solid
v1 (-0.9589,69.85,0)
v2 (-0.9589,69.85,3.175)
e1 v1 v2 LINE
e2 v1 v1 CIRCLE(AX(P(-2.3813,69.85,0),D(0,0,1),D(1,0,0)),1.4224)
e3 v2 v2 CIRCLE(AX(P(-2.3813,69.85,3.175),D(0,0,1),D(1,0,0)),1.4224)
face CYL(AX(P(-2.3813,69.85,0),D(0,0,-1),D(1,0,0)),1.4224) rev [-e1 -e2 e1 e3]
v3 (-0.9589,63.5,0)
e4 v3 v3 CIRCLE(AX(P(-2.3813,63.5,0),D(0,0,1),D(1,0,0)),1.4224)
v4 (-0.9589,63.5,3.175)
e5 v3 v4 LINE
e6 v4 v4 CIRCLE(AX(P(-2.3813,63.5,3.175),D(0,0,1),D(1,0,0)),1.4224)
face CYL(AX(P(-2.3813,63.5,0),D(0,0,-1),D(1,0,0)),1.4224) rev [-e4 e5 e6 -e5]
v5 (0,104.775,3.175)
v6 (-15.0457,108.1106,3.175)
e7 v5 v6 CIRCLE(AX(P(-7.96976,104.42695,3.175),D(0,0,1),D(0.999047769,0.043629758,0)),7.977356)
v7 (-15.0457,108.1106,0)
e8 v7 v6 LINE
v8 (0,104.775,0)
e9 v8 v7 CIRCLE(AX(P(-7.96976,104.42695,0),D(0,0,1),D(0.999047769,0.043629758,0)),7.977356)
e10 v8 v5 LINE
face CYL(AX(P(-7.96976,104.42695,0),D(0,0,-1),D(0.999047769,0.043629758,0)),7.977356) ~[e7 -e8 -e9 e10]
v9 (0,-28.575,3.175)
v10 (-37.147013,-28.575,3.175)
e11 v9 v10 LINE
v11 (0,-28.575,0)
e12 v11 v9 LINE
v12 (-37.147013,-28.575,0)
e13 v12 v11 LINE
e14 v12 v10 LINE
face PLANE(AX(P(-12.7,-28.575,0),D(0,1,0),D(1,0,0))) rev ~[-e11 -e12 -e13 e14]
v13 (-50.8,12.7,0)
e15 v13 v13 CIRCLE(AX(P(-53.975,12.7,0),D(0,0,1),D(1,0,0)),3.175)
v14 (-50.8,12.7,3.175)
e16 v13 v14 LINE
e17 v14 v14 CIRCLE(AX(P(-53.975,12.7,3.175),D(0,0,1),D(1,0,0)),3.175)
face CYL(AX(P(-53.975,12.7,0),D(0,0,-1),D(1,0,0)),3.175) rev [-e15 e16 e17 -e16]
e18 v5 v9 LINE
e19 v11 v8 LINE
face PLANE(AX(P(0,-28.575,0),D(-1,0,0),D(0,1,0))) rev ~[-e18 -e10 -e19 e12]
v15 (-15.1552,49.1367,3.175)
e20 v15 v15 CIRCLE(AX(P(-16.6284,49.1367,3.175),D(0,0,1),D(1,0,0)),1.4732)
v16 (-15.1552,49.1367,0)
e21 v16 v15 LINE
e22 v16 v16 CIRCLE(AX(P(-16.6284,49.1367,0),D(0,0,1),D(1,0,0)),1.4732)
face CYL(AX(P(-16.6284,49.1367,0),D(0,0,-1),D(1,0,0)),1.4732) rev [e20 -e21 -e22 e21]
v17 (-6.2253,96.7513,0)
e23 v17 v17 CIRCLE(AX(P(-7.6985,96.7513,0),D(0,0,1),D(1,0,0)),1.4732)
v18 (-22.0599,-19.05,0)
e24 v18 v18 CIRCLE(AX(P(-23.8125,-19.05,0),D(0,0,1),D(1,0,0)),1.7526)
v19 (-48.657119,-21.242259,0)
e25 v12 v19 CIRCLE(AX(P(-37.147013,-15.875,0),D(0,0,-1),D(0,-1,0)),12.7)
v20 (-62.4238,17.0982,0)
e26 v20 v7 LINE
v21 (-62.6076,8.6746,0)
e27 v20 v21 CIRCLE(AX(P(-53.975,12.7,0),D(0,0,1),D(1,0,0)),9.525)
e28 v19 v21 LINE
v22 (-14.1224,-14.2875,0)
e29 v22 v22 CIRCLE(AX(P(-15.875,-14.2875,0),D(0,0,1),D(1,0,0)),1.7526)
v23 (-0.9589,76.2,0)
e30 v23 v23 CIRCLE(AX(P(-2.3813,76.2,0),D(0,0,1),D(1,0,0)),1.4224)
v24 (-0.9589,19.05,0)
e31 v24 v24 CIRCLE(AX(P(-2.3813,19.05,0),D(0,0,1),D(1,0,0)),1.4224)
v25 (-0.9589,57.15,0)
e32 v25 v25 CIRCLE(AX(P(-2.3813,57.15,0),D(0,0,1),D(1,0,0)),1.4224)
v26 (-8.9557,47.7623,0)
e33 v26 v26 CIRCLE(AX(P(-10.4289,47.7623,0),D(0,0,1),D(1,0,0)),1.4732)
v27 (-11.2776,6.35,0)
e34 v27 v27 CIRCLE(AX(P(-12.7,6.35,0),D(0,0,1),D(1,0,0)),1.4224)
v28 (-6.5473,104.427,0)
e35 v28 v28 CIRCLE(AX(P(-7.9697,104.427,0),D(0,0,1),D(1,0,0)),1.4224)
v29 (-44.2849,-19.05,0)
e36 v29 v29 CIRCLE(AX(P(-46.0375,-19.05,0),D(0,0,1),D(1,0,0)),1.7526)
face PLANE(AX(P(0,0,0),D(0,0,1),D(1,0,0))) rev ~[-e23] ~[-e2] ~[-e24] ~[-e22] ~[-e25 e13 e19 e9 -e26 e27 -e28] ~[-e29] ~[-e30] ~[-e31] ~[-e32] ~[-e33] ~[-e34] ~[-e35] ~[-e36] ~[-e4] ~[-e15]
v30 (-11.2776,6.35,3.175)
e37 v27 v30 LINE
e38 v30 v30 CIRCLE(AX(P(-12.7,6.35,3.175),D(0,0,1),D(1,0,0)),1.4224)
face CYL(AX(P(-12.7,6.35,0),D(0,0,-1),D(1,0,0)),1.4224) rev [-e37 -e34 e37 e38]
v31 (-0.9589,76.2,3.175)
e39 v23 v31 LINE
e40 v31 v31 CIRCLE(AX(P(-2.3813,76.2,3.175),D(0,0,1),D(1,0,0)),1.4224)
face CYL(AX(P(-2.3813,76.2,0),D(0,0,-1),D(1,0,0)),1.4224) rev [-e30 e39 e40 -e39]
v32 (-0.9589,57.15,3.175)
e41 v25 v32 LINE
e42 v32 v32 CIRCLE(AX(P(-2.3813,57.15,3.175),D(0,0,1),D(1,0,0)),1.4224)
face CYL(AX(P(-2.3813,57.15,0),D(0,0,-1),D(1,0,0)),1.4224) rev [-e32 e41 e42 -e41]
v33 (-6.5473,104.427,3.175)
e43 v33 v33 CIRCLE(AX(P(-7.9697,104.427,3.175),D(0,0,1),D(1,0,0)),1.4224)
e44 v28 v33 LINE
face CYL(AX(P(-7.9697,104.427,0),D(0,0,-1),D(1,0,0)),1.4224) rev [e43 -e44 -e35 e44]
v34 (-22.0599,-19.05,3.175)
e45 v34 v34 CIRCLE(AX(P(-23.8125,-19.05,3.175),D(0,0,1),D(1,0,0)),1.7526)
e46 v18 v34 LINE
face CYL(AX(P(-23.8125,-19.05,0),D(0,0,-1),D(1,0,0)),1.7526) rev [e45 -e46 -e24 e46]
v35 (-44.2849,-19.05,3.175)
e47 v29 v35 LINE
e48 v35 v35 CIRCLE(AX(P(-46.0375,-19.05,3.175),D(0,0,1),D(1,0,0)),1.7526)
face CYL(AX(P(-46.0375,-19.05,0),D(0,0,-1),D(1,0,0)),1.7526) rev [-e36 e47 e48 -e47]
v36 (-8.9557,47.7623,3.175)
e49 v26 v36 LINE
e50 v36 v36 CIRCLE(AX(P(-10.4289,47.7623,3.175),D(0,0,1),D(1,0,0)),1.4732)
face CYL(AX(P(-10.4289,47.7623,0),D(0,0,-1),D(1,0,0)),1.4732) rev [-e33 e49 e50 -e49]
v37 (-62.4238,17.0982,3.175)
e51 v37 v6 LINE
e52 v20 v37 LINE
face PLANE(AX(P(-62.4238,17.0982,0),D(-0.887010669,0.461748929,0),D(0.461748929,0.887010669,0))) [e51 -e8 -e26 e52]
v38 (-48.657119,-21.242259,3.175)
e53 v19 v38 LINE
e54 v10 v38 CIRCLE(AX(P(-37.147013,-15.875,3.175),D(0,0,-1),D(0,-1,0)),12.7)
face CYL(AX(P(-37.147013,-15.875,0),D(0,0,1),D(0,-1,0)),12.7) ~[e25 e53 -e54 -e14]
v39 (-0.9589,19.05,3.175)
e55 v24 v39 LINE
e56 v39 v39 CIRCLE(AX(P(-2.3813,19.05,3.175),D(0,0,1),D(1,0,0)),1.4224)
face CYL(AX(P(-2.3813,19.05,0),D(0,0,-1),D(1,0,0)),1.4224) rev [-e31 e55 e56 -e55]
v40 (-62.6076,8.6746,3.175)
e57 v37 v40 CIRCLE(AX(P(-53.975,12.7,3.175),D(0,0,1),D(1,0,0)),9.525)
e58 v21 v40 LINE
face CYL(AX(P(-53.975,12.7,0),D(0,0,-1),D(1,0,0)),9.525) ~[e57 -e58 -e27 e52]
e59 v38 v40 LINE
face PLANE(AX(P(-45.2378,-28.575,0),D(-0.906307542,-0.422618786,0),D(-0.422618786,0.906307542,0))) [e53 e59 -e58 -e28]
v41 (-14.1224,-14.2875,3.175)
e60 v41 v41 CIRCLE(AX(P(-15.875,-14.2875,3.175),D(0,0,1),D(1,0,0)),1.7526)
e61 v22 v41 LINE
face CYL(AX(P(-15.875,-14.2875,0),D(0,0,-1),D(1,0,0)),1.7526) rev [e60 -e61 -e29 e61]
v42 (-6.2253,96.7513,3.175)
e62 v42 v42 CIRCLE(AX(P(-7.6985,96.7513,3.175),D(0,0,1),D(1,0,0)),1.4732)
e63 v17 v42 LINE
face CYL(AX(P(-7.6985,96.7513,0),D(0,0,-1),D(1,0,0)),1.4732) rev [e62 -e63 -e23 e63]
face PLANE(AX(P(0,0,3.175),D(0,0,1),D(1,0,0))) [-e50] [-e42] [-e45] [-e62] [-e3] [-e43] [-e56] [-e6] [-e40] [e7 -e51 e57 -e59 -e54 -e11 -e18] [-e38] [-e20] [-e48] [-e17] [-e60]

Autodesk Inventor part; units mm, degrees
ref_plane "YZ Plane" through (0, 0, 0) normal (1, 0, 0) x (0, 1, 0)
ref_plane "XZ Plane" through (0, 0, 0) normal (0, 1, 0) x (-1, 0, 0)
ref_plane "XY Plane" through (0, 0, 0) normal (0, 0, 1) x (1, 0, 0)
sketch "Sketch1" plane through (0, 0, 0) normal (0, 0, 1) x (1, 0, 0)
  line L0 (0, 0) -> (0, 137.0131)
  line L1 (-11.7886, 12.2907) -> (-39.6863, 18.4755) construction
  line L2 (-39.6863, 18.4755) -> (-33.3297, 47.1481) construction
  line L3 (-33.3297, 47.1481) -> (-5.432, 40.9633) construction
  line L4 (-5.432, 40.9633) -> (-11.7886, 12.2907) construction
  line L5 (-39.6863, 18.4755) -> (-5.432, 40.9633) construction
  line L6 (-33.3297, 47.1481) -> (-11.7886, 12.2907) construction
  circle A0 centre (-53.975, 12.7) radius 3.175
  circle A1 centre (-53.975, 12.7) radius 9.525
  line L7 (0, 0) -> (-54.5315, 3.1913) construction
  line L8 (-62.4238, 17.0982) -> (0, 137.0131)
  line L9 (-27.1302, 45.7737) -> (-37.4529, 28.5497) construction
  line L10 (-11.6315, 42.3377) -> (-9.5552, 22.3649) construction
  line L11 (-19.3809, 44.0557) -> (-25.7374, 15.3831) construction
  line L12 (0, 104.775) -> (-15.0457, 108.1106)
  line L13 (-35.3766, 8.5768) -> (-19.8779, 5.1408) construction
  line L14 (-19.8779, 5.1408) -> (-21.2523, -1.0586) construction
  line L15 (-21.2523, -1.0586) -> (-36.751, 2.3773) construction
  line L16 (-36.751, 2.3773) -> (-35.3766, 8.5768) construction
  line L17 (-35.3766, 8.5768) -> (-44.7305, 2.6177) construction
  line L18 (-19.8779, 5.1408) -> (-17.2457, 1.0092) construction
  line L19 (-5.432, 40.9633) -> (-33.3297, 47.1481) construction
  line L20 (-33.3297, 47.1481) -> (-32.2475, 52.0296) construction
  line L21 (-32.2475, 52.0296) -> (-4.3498, 45.8448) construction
  line L22 (-4.3498, 45.8448) -> (-5.432, 40.9633) construction
  line L23 (-53.2878, 15.7997) -> (-53.975, 12.7) construction
  line L24 (-53.975, 12.7) -> (-57.0747, 13.3872) construction
  line L25 (-27.6272, 6.8588) -> (-34.4992, -24.1386) construction
  line L26 (-31.8676, 50.076) -> (-5.5198, 44.2349) construction
  line L27 (-5.5198, 44.2349) -> (-4.489, 48.8845) construction
  line L28 (-4.489, 48.8845) -> (-30.8368, 54.7256) construction
  line L29 (-30.8368, 54.7256) -> (-31.8676, 50.076) construction
  line L30 (-31.3522, 52.4008) -> (-5.0044, 46.5597) construction
  circle A2 centre (-29.0274, 51.8854) radius 1.4732 construction
  circle A3 centre (-22.8279, 50.5111) radius 1.4732 construction
  circle A4 centre (-16.6284, 49.1367) radius 1.4732
  circle A5 centre (-10.4289, 47.7623) radius 1.4732
  circle A6 centre (-7.6985, 96.7513) radius 1.4732
  line L31 (-53.975, 12.7) -> (-5.4185, 105.9762) construction
  line L32 (-31.2085, 56.4341) -> (0, 49.5153) construction
  circle A7 centre (-7.6985, 96.7513) radius 4.7625 construction
  line L33 (-4.7625, 50.5712) -> (-4.7625, 105.8308) construction
  line L34 (-26.3948, 55.3669) -> (-7.323, 92.0036) construction
  line L35 (-3.5958, 94.3328) -> (-4.7625, 94.5914) construction
  line L36 (-17.2457, 1.0092) -> (0, 1.0092) construction
  line L37 (0, 1.0092) -> (0, -2.1658) construction
  line L38 (0, -2.1658) -> (-17.2457, -2.1658) construction
  line L39 (-17.2457, -2.1658) -> (-17.2457, 1.0092) construction
  circle A8 centre (-12.7, 7.9375) radius 1.5875 construction
  line L40 (-12.7, 7.9375) -> (0, 7.9375) construction
  line L41 (0, 7.9375) -> (-17.2457, 1.0092)
  circle A9 centre (-12.7, 7.9375) radius 3.175 construction
  line L42 (-9.525, 7.9375) -> (-9.525, 4.111) construction
  line L43 (-9.525, 7.9375) -> (0, 7.9375) construction
  line L44 (-17.9187, 46.9837) -> (-16.8879, 51.6333) construction
  line L45 (-12.4942, 45.7811) -> (-26.2381, -16.2137) construction
  line L46 (0, 53.6985) -> (0, 7.9375) construction
  line L47 (-26.2381, -16.2137) -> (-20.0386, -17.5881) construction
  line L48 (-20.0386, -17.5881) -> (-8.7313, 7.9375)
  circle A10 centre (-12.7, 6.35) radius 1.4224
  line L49 (0, 13.4938) -> (-4.7625, 13.4938) construction
  line L50 (-4.7625, 13.4938) -> (-4.7625, 24.6063) construction
  line L51 (-4.7625, 24.6063) -> (0, 24.6063) construction
  line L52 (0, 24.6063) -> (0, 13.4938) construction
  line L53 (-4.7625, 19.05) -> (0, 19.05) construction
  circle A11 centre (-2.3813, 19.05) radius 1.4224
  line L54 (-20.7405, 8.5842) -> (-9.7454, 58.18) construction
  line L55 (-9.7454, 58.18) -> (-3.5459, 56.8056) construction
  line L56 (-3.5459, 56.8056) -> (-14.5411, 7.2098) construction
  line L57 (-14.5411, 7.2098) -> (-20.7405, 8.5842) construction
  line L58 (-12.7, 6.35) -> (-12.7, 7.9375) construction
  line L59 (-11.5442, 1.5875) -> (-9.525, 1.5875) construction
  line L60 (-9.525, 1.5875) -> (-9.525, 7.9375) construction
  line L61 (-9.525, 7.9375) -> (-11.5442, 7.9375) construction
  line L62 (-11.5442, 7.9375) -> (-11.5442, 1.5875) construction
  line L63 (-9.7454, 58.18) -> (-15.9449, 59.5544) construction
  line L64 (-18.8691, 53.6985) -> (0, 53.6985)
  line L65 (-9.7454, 58.18) -> (-17.3193, 53.3549) construction
  arc A12 (-10.2313, 55.9882) -> (-11.9373, 58.6659) centre (-11.0843, 57.3271) ccw construction
  line L66 (-4.7625, 57.15) -> (0, 57.15) construction
  circle A13 centre (-2.3813, 57.15) radius 1.4224
  circle A14 centre (-2.3813, 63.5) radius 1.4224
  line L67 (0, 7.9375) -> (-45.2378, 7.9375) construction
  line L68 (-45.2378, 7.9375) -> (-45.2378, -28.575) construction
  line L69 (-45.2378, -28.575) -> (0, -28.575)
  line L70 (0, -28.575) -> (0, 7.9375)
  line L71 (-45.2378, -28.575) -> (-62.6076, 8.6746)
  line L72 (-60.0032, 20.0747) -> (-18.8691, 53.6985)
  line L73 (-20.0386, -17.5881) -> (-20.0386, -28.575) construction
  line L74 (-20.2435, 47.4991) -> (-19.2127, 52.1487) construction
  line L75 (-12.7, -28.575) -> (-12.7, -1.0217)
  circle A15 centre (-23.8125, -19.05) radius 1.7526
  circle A16 centre (-15.875, -14.2875) radius 1.7526
  circle A17 centre (-23.8125, -19.05) radius 3.175 construction
  circle A18 centre (-2.3813, 69.85) radius 1.4224
  circle A19 centre (-2.3813, 76.2) radius 1.4224
  circle A20 centre (-15.875, -14.2875) radius 3.175 construction
  circle A21 centre (-46.0375, -19.05) radius 1.7526
  arc A22 (0, 104.775) -> (-15.0457, 108.1106) centre (-7.9697, 104.427) ccw
  circle A23 centre (-7.9697, 104.427) radius 1.4224
  line L76 (-7.9697, 104.427) -> (-15.0457, 108.1106) construction
  line L77 (-7.9697, 104.427) -> (0, 104.775) construction
  point P0 (-22.5591, 29.7194)
  point P1 (-20.7484, 1.2142)
  point P2 (-36.3367, 4.2458)
  point P3 (-49.5768, 21.1488)
  point P4 (-11.1125, 7.9375)
  point P5 (-11.4283, 6.9872)
  point P6 (-11.9574, 7.9375)
  point P7 (-13.9717, 6.9872)
  point P8 (-9.525, 6.1457)
  point P9 (-10.6215, 3.6705)
  dimension "d74" = 6.35
  dimension "d14" = 29.3687
  dimension "d15" = 28.575
  dimension "d16" = 12.5
  dimension "d17" = 6.35
  dimension "d19" = 53.975
  dimension "d22" = 19.05
  dimension "d23" = 7.9375
  dimension "d24" = 19.05
  dimension "d26" = 102.5
  dimension "d29" = 6.35
  dimension "d31" = 7.9375
  dimension "d34" = 5
  dimension "d35" = 26.9875
  dimension "d38" = 31.75
  dimension "d40" = 26.9875
  dimension "d41" = 4.7625
  dimension "d42" = 2.9464
  dimension "d43" = 2.3813
  dimension "d46" = 6.35
  dimension "d51" = 2.9464
  dimension "d52" = 92.075
  dimension "d53" = 6.35
  dimension "d54" = 9.525
  dimension "d55" = 4.7625
  dimension "d56" = 4.7625
  dimension "d60" = 12.7
  dimension "d61" = 3.175
  dimension "d63" = 3.175
  dimension "d66" = 3.175
  dimension "d67" = 12.7
  dimension "d72" = 8.7312
  dimension "d73" = 7.9375
  dimension "d80" = 12.7
  dimension "d82" = 7.9375
  dimension "d83" = 63.5
  dimension "d85" = 6.35
  dimension "d86" = 104.775
  dimension "d87" = 2.8448
  dimension "d88" = 4.7625
  dimension "d89" = 11.1125
  dimension "d90" = 2.8448
  dimension "d91" = 19.05
  dimension "d92" = 6.35
  dimension "d93" = 50.8
  dimension "d94" = 25.4
  dimension "d95" = 8.7312
  dimension "d96" = 9.525
  dimension "d97" = 6.35
  dimension "d99" = 6.35
  dimension "d101" = 3.175
  dimension "d106" = 2.8448
  dimension "d107" = 57.15
  dimension "d110" = 6.35
  dimension "d136" = 3.175
  dimension "d138" = 28.575
  dimension "d139" = 12.7
  dimension "d140" = 3.5052
  dimension "d141" = 3.5052
  dimension "d142" = 9.525
  dimension "d143" = 3.175
  dimension "d144" = 11.1125
  dimension "d145" = 6.35
  dimension "d146" = 14.2875
  dimension "d149" = 6.35
extrude "Extrusion1" add sketch "Sketch1" along normal blind 3.175 contours L70 L69 L75 L48 L41 L0 | L41 L48 L75 L69 L71 A1 L72 L64 L0 | L64 L72 A1 L8 L12 L0 | L12 A22 | A1
fillet "Fillet6" radius 12.7 1 edges at (-45.2378, -28.575, 1.5875)
equation "\"d56\" = d55"
properties part number "Uprights" material "UHMW, White"
